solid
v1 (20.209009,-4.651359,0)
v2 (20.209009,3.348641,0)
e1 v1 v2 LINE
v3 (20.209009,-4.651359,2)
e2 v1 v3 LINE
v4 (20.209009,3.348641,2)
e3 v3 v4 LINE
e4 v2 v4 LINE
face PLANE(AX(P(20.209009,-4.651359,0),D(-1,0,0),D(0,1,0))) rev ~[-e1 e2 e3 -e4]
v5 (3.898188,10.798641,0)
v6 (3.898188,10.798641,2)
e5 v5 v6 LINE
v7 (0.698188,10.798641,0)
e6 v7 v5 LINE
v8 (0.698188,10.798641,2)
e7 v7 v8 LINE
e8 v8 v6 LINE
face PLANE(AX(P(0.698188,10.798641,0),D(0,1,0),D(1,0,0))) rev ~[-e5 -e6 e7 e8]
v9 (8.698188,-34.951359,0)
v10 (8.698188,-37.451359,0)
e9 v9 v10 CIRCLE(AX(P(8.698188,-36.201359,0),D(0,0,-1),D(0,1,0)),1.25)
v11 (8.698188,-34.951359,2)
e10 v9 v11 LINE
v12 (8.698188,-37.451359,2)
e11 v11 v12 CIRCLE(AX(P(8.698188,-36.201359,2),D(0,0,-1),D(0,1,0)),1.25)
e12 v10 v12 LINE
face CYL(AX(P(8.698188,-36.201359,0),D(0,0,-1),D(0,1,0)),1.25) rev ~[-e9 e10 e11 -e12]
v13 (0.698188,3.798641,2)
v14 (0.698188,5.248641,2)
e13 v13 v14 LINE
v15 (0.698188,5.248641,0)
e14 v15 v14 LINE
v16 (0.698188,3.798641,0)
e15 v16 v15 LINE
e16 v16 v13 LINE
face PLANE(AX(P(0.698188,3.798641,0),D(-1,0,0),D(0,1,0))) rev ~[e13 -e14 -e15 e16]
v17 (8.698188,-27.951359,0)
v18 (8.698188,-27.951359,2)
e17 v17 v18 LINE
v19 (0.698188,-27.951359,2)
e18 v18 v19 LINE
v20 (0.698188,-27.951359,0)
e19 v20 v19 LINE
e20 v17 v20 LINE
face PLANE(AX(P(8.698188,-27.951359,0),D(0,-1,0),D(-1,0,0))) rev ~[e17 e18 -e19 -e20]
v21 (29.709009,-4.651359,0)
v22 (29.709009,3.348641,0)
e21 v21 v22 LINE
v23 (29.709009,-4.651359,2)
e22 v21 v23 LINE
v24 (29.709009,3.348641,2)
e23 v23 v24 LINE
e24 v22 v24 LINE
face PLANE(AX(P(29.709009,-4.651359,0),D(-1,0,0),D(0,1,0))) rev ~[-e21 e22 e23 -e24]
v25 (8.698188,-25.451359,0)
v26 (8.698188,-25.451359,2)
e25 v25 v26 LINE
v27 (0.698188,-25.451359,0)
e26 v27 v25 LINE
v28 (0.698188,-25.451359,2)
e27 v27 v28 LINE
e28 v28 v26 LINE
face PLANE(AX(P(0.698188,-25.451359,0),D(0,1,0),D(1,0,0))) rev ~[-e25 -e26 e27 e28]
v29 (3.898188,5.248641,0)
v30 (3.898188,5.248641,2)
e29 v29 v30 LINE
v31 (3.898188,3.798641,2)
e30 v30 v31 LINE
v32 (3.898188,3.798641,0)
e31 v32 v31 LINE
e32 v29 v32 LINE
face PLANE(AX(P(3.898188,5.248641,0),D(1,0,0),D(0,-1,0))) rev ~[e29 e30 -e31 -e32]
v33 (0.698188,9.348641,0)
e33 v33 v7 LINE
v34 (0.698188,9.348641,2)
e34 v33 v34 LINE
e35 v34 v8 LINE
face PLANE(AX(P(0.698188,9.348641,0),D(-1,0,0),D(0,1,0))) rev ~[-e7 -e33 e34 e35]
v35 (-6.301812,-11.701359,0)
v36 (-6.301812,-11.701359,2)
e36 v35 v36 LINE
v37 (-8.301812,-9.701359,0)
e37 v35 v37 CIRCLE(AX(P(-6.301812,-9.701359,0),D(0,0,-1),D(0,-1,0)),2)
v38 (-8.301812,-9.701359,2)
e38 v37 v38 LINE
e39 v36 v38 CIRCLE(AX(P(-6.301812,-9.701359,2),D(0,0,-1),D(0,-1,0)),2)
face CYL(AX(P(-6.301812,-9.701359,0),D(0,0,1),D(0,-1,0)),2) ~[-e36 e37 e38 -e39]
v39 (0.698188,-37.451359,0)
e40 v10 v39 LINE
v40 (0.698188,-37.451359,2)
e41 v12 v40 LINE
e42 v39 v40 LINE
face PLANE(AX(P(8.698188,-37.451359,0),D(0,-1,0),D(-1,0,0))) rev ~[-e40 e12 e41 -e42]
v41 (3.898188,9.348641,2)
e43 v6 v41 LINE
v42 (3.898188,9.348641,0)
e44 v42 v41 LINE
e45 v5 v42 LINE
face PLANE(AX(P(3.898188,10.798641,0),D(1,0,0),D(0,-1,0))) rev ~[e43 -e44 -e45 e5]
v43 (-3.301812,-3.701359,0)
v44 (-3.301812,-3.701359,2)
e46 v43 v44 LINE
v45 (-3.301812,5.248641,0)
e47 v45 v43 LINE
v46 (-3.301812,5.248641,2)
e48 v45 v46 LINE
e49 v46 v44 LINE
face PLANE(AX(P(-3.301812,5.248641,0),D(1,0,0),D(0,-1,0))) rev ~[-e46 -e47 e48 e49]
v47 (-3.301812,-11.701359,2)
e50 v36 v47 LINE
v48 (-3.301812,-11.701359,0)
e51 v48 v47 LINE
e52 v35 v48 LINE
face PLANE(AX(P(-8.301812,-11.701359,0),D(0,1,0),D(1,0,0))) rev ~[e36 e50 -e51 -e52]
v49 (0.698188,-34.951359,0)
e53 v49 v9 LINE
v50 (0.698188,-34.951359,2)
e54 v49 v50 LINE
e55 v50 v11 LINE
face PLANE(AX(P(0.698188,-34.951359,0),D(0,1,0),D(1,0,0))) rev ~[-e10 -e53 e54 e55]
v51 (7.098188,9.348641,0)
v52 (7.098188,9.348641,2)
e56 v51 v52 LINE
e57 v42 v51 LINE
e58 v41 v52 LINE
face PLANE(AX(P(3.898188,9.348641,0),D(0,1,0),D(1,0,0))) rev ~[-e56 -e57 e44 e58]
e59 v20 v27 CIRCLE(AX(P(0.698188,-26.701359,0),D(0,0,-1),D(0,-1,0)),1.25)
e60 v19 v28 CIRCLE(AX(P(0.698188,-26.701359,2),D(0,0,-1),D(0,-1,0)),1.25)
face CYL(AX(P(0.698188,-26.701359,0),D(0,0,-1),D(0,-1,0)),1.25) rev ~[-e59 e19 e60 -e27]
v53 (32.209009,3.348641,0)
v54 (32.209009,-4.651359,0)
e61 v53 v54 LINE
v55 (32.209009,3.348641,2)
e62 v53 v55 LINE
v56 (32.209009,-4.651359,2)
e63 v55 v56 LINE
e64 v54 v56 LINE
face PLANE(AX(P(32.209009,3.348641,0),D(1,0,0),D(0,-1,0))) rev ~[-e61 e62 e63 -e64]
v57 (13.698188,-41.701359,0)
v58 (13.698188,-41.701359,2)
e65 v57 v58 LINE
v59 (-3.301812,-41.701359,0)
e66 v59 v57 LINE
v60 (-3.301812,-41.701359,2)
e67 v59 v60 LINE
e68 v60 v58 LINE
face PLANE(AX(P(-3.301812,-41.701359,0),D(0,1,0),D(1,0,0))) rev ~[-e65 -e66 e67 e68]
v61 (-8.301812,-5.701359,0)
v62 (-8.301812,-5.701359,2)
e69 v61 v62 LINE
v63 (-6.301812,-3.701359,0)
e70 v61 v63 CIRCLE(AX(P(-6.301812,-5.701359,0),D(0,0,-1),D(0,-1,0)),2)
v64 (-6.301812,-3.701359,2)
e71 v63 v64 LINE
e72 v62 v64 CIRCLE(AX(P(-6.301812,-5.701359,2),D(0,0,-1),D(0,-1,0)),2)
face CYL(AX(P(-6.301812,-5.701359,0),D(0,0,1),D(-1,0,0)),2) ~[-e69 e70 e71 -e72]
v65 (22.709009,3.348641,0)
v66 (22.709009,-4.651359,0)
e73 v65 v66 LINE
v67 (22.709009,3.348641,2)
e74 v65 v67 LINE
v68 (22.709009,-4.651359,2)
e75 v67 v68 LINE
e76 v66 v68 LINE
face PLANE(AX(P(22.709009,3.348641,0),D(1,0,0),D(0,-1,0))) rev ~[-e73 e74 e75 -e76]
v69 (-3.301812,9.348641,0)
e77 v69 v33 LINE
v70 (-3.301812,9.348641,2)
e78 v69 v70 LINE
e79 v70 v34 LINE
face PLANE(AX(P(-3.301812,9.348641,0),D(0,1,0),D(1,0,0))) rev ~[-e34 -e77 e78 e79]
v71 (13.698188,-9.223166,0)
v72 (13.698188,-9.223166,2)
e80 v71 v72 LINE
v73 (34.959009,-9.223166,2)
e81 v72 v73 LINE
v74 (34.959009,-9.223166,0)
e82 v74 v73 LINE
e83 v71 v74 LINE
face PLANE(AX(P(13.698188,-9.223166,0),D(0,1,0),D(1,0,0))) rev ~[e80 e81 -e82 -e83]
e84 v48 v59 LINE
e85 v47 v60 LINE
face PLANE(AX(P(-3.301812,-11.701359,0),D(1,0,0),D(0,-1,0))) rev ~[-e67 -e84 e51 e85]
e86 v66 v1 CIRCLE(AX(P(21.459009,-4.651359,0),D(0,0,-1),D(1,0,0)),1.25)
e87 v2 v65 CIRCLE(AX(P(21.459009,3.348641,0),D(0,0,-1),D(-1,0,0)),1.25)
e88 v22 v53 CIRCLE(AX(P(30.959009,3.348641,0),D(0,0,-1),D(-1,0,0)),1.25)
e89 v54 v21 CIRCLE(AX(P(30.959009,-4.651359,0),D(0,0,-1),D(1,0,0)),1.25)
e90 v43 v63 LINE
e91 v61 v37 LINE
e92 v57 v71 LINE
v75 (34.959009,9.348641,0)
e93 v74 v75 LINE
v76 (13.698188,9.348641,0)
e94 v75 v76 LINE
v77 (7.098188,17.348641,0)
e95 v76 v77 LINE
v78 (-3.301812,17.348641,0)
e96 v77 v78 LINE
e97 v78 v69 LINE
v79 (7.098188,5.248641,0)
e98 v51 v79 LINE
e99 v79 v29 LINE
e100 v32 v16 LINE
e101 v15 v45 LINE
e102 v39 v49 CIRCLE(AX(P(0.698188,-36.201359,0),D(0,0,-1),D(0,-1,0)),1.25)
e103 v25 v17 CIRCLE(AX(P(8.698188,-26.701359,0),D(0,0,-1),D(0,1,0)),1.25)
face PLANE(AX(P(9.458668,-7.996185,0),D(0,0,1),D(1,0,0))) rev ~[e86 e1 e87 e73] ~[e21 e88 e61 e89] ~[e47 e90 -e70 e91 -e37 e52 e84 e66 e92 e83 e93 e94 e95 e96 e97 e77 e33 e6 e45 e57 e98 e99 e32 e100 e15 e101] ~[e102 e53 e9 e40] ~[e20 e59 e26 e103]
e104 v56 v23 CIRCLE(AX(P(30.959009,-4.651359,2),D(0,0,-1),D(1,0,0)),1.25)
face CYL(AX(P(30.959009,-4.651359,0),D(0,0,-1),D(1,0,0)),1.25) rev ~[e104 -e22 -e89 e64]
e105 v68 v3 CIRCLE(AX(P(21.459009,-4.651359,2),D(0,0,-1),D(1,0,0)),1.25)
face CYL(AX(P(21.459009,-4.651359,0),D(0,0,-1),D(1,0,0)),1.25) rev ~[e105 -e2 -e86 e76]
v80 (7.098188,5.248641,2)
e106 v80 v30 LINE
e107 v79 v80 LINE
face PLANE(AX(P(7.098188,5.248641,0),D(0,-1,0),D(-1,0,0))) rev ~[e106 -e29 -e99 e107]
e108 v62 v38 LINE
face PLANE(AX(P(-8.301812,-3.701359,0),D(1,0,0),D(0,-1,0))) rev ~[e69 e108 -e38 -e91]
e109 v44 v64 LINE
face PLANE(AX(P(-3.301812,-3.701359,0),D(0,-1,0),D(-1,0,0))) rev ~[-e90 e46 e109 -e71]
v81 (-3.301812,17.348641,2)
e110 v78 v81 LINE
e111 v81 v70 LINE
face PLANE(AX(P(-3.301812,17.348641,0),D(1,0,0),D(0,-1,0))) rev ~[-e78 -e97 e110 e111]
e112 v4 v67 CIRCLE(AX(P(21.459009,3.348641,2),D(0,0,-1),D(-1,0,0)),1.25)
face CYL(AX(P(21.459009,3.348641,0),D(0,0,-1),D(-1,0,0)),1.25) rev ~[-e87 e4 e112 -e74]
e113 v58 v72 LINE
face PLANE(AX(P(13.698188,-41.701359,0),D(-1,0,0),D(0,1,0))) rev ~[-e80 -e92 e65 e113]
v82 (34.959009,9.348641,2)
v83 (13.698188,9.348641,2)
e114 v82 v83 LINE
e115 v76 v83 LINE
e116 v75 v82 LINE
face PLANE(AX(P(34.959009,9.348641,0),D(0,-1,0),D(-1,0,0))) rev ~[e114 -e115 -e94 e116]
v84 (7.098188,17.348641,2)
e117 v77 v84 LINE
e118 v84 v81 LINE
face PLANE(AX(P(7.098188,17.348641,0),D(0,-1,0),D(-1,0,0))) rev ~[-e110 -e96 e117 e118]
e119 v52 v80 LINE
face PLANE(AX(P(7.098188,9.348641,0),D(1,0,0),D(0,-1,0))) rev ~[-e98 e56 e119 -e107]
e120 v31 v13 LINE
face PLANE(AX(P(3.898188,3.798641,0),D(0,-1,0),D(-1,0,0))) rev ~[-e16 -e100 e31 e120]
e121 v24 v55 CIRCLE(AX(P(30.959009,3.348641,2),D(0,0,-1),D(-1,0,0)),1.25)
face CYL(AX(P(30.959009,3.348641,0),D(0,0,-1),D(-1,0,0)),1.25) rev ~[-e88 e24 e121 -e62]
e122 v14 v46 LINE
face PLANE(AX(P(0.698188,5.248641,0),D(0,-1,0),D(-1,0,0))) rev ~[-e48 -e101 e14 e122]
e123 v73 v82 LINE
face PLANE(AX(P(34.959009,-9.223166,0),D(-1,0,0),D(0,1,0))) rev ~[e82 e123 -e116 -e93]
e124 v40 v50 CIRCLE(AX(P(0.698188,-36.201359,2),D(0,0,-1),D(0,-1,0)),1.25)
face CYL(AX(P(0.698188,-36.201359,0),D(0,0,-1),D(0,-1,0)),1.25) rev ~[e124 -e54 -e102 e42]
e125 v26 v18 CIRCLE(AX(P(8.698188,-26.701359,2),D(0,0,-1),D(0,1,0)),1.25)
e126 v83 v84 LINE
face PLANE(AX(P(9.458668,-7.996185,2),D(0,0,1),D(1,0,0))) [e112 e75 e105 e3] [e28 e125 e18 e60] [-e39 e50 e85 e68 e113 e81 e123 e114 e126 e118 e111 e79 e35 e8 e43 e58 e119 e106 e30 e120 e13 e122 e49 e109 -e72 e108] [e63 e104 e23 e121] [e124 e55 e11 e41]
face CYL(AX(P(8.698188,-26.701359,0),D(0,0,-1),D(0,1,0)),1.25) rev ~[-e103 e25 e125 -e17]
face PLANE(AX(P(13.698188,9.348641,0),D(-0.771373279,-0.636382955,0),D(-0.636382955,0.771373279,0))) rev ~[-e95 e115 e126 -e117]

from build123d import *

# Parameters (mm, degrees)
EXTRUDE_1_DEPTH = 2
FILLET_1_R      = 2


with BuildPart() as part:
    # 草图1 → 凸台-拉伸1 (new body)
    with BuildSketch(Plane.XY):
        Polygon((-8.301811847, -11.701358885), (-3.301811847, -11.701358885), (-3.301811847, -41.701358885), (13.698188153, -41.701358885), (13.698188153, -9.223166137), (34.95900929, -9.223166137), (34.95900929, 9.348641115), (13.698188153, 9.348641115), (7.098188153, 17.348641115), (-3.301811847, 17.348641115), (-3.301811847, 9.348641115), (0.698188153, 9.348641115), (0.698188153, 10.798641115), (3.898188153, 10.798641115), (3.898188153, 9.348641115), (7.098188153, 9.348641115), (7.098188153, 5.248641115), (3.898188153, 5.248641115), (3.898188153, 3.798641115), (0.698188153, 3.798641115), (0.698188153, 5.248641115), (-3.301811847, 5.248641115), (-3.301811847, -3.701358885), (-8.301811847, -3.701358885), align=None)
        with BuildLine():
            Line((0.698188153, -25.451358885), (8.698188153, -25.451358885))
            ThreePointArc((8.698188153, -25.451358885), (9.948188153, -26.701358885), (8.698188153, -27.951358885))
            Line((8.698188153, -27.951358885), (0.698188153, -27.951358885))
            ThreePointArc((0.698188153, -27.951358885), (-0.551811847, -26.701358885), (0.698188153, -25.451358885))
        make_face(mode=Mode.SUBTRACT)
        with BuildLine():
            Line((8.698188153, -37.451358885), (0.698188153, -37.451358885))
            ThreePointArc((0.698188153, -37.451358885), (-0.551811847, -36.201358885), (0.698188153, -34.951358885))
            Line((0.698188153, -34.951358885), (8.698188153, -34.951358885))
            ThreePointArc((8.698188153, -34.951358885), (9.948188153, -36.201358885), (8.698188153, -37.451358885))
        make_face(mode=Mode.SUBTRACT)
        with BuildLine():
            Line((32.20900929, 3.348641115), (32.20900929, -4.651358885))
            ThreePointArc((32.20900929, -4.651358885), (30.95900929, -5.901358885), (29.70900929, -4.651358885))
            Line((29.70900929, -4.651358885), (29.70900929, 3.348641115))
            ThreePointArc((29.70900929, 3.348641115), (30.95900929, 4.598641115), (32.20900929, 3.348641115))
        make_face(mode=Mode.SUBTRACT)
        with BuildLine():
            Line((22.70900929, 3.348641115), (22.70900929, -4.651358885))
            ThreePointArc((22.70900929, -4.651358885), (21.45900929, -5.901358885), (20.20900929, -4.651358885))
            Line((20.20900929, -4.651358885), (20.20900929, 3.348641115))
            ThreePointArc((20.20900929, 3.348641115), (21.45900929, 4.598641115), (22.70900929, 3.348641115))
        make_face(mode=Mode.SUBTRACT)
    extrude(amount=EXTRUDE_1_DEPTH)

    # 圆角1
    fillet_1_edges = [part.edges().sort_by_distance(p)[0] for p in [
        (-8.301811847, -3.701358885, 1),
        (-8.301811847, -11.701358885, 1),
    ]]
    fillet(fillet_1_edges, radius=FILLET_1_R)


solid = part.part
